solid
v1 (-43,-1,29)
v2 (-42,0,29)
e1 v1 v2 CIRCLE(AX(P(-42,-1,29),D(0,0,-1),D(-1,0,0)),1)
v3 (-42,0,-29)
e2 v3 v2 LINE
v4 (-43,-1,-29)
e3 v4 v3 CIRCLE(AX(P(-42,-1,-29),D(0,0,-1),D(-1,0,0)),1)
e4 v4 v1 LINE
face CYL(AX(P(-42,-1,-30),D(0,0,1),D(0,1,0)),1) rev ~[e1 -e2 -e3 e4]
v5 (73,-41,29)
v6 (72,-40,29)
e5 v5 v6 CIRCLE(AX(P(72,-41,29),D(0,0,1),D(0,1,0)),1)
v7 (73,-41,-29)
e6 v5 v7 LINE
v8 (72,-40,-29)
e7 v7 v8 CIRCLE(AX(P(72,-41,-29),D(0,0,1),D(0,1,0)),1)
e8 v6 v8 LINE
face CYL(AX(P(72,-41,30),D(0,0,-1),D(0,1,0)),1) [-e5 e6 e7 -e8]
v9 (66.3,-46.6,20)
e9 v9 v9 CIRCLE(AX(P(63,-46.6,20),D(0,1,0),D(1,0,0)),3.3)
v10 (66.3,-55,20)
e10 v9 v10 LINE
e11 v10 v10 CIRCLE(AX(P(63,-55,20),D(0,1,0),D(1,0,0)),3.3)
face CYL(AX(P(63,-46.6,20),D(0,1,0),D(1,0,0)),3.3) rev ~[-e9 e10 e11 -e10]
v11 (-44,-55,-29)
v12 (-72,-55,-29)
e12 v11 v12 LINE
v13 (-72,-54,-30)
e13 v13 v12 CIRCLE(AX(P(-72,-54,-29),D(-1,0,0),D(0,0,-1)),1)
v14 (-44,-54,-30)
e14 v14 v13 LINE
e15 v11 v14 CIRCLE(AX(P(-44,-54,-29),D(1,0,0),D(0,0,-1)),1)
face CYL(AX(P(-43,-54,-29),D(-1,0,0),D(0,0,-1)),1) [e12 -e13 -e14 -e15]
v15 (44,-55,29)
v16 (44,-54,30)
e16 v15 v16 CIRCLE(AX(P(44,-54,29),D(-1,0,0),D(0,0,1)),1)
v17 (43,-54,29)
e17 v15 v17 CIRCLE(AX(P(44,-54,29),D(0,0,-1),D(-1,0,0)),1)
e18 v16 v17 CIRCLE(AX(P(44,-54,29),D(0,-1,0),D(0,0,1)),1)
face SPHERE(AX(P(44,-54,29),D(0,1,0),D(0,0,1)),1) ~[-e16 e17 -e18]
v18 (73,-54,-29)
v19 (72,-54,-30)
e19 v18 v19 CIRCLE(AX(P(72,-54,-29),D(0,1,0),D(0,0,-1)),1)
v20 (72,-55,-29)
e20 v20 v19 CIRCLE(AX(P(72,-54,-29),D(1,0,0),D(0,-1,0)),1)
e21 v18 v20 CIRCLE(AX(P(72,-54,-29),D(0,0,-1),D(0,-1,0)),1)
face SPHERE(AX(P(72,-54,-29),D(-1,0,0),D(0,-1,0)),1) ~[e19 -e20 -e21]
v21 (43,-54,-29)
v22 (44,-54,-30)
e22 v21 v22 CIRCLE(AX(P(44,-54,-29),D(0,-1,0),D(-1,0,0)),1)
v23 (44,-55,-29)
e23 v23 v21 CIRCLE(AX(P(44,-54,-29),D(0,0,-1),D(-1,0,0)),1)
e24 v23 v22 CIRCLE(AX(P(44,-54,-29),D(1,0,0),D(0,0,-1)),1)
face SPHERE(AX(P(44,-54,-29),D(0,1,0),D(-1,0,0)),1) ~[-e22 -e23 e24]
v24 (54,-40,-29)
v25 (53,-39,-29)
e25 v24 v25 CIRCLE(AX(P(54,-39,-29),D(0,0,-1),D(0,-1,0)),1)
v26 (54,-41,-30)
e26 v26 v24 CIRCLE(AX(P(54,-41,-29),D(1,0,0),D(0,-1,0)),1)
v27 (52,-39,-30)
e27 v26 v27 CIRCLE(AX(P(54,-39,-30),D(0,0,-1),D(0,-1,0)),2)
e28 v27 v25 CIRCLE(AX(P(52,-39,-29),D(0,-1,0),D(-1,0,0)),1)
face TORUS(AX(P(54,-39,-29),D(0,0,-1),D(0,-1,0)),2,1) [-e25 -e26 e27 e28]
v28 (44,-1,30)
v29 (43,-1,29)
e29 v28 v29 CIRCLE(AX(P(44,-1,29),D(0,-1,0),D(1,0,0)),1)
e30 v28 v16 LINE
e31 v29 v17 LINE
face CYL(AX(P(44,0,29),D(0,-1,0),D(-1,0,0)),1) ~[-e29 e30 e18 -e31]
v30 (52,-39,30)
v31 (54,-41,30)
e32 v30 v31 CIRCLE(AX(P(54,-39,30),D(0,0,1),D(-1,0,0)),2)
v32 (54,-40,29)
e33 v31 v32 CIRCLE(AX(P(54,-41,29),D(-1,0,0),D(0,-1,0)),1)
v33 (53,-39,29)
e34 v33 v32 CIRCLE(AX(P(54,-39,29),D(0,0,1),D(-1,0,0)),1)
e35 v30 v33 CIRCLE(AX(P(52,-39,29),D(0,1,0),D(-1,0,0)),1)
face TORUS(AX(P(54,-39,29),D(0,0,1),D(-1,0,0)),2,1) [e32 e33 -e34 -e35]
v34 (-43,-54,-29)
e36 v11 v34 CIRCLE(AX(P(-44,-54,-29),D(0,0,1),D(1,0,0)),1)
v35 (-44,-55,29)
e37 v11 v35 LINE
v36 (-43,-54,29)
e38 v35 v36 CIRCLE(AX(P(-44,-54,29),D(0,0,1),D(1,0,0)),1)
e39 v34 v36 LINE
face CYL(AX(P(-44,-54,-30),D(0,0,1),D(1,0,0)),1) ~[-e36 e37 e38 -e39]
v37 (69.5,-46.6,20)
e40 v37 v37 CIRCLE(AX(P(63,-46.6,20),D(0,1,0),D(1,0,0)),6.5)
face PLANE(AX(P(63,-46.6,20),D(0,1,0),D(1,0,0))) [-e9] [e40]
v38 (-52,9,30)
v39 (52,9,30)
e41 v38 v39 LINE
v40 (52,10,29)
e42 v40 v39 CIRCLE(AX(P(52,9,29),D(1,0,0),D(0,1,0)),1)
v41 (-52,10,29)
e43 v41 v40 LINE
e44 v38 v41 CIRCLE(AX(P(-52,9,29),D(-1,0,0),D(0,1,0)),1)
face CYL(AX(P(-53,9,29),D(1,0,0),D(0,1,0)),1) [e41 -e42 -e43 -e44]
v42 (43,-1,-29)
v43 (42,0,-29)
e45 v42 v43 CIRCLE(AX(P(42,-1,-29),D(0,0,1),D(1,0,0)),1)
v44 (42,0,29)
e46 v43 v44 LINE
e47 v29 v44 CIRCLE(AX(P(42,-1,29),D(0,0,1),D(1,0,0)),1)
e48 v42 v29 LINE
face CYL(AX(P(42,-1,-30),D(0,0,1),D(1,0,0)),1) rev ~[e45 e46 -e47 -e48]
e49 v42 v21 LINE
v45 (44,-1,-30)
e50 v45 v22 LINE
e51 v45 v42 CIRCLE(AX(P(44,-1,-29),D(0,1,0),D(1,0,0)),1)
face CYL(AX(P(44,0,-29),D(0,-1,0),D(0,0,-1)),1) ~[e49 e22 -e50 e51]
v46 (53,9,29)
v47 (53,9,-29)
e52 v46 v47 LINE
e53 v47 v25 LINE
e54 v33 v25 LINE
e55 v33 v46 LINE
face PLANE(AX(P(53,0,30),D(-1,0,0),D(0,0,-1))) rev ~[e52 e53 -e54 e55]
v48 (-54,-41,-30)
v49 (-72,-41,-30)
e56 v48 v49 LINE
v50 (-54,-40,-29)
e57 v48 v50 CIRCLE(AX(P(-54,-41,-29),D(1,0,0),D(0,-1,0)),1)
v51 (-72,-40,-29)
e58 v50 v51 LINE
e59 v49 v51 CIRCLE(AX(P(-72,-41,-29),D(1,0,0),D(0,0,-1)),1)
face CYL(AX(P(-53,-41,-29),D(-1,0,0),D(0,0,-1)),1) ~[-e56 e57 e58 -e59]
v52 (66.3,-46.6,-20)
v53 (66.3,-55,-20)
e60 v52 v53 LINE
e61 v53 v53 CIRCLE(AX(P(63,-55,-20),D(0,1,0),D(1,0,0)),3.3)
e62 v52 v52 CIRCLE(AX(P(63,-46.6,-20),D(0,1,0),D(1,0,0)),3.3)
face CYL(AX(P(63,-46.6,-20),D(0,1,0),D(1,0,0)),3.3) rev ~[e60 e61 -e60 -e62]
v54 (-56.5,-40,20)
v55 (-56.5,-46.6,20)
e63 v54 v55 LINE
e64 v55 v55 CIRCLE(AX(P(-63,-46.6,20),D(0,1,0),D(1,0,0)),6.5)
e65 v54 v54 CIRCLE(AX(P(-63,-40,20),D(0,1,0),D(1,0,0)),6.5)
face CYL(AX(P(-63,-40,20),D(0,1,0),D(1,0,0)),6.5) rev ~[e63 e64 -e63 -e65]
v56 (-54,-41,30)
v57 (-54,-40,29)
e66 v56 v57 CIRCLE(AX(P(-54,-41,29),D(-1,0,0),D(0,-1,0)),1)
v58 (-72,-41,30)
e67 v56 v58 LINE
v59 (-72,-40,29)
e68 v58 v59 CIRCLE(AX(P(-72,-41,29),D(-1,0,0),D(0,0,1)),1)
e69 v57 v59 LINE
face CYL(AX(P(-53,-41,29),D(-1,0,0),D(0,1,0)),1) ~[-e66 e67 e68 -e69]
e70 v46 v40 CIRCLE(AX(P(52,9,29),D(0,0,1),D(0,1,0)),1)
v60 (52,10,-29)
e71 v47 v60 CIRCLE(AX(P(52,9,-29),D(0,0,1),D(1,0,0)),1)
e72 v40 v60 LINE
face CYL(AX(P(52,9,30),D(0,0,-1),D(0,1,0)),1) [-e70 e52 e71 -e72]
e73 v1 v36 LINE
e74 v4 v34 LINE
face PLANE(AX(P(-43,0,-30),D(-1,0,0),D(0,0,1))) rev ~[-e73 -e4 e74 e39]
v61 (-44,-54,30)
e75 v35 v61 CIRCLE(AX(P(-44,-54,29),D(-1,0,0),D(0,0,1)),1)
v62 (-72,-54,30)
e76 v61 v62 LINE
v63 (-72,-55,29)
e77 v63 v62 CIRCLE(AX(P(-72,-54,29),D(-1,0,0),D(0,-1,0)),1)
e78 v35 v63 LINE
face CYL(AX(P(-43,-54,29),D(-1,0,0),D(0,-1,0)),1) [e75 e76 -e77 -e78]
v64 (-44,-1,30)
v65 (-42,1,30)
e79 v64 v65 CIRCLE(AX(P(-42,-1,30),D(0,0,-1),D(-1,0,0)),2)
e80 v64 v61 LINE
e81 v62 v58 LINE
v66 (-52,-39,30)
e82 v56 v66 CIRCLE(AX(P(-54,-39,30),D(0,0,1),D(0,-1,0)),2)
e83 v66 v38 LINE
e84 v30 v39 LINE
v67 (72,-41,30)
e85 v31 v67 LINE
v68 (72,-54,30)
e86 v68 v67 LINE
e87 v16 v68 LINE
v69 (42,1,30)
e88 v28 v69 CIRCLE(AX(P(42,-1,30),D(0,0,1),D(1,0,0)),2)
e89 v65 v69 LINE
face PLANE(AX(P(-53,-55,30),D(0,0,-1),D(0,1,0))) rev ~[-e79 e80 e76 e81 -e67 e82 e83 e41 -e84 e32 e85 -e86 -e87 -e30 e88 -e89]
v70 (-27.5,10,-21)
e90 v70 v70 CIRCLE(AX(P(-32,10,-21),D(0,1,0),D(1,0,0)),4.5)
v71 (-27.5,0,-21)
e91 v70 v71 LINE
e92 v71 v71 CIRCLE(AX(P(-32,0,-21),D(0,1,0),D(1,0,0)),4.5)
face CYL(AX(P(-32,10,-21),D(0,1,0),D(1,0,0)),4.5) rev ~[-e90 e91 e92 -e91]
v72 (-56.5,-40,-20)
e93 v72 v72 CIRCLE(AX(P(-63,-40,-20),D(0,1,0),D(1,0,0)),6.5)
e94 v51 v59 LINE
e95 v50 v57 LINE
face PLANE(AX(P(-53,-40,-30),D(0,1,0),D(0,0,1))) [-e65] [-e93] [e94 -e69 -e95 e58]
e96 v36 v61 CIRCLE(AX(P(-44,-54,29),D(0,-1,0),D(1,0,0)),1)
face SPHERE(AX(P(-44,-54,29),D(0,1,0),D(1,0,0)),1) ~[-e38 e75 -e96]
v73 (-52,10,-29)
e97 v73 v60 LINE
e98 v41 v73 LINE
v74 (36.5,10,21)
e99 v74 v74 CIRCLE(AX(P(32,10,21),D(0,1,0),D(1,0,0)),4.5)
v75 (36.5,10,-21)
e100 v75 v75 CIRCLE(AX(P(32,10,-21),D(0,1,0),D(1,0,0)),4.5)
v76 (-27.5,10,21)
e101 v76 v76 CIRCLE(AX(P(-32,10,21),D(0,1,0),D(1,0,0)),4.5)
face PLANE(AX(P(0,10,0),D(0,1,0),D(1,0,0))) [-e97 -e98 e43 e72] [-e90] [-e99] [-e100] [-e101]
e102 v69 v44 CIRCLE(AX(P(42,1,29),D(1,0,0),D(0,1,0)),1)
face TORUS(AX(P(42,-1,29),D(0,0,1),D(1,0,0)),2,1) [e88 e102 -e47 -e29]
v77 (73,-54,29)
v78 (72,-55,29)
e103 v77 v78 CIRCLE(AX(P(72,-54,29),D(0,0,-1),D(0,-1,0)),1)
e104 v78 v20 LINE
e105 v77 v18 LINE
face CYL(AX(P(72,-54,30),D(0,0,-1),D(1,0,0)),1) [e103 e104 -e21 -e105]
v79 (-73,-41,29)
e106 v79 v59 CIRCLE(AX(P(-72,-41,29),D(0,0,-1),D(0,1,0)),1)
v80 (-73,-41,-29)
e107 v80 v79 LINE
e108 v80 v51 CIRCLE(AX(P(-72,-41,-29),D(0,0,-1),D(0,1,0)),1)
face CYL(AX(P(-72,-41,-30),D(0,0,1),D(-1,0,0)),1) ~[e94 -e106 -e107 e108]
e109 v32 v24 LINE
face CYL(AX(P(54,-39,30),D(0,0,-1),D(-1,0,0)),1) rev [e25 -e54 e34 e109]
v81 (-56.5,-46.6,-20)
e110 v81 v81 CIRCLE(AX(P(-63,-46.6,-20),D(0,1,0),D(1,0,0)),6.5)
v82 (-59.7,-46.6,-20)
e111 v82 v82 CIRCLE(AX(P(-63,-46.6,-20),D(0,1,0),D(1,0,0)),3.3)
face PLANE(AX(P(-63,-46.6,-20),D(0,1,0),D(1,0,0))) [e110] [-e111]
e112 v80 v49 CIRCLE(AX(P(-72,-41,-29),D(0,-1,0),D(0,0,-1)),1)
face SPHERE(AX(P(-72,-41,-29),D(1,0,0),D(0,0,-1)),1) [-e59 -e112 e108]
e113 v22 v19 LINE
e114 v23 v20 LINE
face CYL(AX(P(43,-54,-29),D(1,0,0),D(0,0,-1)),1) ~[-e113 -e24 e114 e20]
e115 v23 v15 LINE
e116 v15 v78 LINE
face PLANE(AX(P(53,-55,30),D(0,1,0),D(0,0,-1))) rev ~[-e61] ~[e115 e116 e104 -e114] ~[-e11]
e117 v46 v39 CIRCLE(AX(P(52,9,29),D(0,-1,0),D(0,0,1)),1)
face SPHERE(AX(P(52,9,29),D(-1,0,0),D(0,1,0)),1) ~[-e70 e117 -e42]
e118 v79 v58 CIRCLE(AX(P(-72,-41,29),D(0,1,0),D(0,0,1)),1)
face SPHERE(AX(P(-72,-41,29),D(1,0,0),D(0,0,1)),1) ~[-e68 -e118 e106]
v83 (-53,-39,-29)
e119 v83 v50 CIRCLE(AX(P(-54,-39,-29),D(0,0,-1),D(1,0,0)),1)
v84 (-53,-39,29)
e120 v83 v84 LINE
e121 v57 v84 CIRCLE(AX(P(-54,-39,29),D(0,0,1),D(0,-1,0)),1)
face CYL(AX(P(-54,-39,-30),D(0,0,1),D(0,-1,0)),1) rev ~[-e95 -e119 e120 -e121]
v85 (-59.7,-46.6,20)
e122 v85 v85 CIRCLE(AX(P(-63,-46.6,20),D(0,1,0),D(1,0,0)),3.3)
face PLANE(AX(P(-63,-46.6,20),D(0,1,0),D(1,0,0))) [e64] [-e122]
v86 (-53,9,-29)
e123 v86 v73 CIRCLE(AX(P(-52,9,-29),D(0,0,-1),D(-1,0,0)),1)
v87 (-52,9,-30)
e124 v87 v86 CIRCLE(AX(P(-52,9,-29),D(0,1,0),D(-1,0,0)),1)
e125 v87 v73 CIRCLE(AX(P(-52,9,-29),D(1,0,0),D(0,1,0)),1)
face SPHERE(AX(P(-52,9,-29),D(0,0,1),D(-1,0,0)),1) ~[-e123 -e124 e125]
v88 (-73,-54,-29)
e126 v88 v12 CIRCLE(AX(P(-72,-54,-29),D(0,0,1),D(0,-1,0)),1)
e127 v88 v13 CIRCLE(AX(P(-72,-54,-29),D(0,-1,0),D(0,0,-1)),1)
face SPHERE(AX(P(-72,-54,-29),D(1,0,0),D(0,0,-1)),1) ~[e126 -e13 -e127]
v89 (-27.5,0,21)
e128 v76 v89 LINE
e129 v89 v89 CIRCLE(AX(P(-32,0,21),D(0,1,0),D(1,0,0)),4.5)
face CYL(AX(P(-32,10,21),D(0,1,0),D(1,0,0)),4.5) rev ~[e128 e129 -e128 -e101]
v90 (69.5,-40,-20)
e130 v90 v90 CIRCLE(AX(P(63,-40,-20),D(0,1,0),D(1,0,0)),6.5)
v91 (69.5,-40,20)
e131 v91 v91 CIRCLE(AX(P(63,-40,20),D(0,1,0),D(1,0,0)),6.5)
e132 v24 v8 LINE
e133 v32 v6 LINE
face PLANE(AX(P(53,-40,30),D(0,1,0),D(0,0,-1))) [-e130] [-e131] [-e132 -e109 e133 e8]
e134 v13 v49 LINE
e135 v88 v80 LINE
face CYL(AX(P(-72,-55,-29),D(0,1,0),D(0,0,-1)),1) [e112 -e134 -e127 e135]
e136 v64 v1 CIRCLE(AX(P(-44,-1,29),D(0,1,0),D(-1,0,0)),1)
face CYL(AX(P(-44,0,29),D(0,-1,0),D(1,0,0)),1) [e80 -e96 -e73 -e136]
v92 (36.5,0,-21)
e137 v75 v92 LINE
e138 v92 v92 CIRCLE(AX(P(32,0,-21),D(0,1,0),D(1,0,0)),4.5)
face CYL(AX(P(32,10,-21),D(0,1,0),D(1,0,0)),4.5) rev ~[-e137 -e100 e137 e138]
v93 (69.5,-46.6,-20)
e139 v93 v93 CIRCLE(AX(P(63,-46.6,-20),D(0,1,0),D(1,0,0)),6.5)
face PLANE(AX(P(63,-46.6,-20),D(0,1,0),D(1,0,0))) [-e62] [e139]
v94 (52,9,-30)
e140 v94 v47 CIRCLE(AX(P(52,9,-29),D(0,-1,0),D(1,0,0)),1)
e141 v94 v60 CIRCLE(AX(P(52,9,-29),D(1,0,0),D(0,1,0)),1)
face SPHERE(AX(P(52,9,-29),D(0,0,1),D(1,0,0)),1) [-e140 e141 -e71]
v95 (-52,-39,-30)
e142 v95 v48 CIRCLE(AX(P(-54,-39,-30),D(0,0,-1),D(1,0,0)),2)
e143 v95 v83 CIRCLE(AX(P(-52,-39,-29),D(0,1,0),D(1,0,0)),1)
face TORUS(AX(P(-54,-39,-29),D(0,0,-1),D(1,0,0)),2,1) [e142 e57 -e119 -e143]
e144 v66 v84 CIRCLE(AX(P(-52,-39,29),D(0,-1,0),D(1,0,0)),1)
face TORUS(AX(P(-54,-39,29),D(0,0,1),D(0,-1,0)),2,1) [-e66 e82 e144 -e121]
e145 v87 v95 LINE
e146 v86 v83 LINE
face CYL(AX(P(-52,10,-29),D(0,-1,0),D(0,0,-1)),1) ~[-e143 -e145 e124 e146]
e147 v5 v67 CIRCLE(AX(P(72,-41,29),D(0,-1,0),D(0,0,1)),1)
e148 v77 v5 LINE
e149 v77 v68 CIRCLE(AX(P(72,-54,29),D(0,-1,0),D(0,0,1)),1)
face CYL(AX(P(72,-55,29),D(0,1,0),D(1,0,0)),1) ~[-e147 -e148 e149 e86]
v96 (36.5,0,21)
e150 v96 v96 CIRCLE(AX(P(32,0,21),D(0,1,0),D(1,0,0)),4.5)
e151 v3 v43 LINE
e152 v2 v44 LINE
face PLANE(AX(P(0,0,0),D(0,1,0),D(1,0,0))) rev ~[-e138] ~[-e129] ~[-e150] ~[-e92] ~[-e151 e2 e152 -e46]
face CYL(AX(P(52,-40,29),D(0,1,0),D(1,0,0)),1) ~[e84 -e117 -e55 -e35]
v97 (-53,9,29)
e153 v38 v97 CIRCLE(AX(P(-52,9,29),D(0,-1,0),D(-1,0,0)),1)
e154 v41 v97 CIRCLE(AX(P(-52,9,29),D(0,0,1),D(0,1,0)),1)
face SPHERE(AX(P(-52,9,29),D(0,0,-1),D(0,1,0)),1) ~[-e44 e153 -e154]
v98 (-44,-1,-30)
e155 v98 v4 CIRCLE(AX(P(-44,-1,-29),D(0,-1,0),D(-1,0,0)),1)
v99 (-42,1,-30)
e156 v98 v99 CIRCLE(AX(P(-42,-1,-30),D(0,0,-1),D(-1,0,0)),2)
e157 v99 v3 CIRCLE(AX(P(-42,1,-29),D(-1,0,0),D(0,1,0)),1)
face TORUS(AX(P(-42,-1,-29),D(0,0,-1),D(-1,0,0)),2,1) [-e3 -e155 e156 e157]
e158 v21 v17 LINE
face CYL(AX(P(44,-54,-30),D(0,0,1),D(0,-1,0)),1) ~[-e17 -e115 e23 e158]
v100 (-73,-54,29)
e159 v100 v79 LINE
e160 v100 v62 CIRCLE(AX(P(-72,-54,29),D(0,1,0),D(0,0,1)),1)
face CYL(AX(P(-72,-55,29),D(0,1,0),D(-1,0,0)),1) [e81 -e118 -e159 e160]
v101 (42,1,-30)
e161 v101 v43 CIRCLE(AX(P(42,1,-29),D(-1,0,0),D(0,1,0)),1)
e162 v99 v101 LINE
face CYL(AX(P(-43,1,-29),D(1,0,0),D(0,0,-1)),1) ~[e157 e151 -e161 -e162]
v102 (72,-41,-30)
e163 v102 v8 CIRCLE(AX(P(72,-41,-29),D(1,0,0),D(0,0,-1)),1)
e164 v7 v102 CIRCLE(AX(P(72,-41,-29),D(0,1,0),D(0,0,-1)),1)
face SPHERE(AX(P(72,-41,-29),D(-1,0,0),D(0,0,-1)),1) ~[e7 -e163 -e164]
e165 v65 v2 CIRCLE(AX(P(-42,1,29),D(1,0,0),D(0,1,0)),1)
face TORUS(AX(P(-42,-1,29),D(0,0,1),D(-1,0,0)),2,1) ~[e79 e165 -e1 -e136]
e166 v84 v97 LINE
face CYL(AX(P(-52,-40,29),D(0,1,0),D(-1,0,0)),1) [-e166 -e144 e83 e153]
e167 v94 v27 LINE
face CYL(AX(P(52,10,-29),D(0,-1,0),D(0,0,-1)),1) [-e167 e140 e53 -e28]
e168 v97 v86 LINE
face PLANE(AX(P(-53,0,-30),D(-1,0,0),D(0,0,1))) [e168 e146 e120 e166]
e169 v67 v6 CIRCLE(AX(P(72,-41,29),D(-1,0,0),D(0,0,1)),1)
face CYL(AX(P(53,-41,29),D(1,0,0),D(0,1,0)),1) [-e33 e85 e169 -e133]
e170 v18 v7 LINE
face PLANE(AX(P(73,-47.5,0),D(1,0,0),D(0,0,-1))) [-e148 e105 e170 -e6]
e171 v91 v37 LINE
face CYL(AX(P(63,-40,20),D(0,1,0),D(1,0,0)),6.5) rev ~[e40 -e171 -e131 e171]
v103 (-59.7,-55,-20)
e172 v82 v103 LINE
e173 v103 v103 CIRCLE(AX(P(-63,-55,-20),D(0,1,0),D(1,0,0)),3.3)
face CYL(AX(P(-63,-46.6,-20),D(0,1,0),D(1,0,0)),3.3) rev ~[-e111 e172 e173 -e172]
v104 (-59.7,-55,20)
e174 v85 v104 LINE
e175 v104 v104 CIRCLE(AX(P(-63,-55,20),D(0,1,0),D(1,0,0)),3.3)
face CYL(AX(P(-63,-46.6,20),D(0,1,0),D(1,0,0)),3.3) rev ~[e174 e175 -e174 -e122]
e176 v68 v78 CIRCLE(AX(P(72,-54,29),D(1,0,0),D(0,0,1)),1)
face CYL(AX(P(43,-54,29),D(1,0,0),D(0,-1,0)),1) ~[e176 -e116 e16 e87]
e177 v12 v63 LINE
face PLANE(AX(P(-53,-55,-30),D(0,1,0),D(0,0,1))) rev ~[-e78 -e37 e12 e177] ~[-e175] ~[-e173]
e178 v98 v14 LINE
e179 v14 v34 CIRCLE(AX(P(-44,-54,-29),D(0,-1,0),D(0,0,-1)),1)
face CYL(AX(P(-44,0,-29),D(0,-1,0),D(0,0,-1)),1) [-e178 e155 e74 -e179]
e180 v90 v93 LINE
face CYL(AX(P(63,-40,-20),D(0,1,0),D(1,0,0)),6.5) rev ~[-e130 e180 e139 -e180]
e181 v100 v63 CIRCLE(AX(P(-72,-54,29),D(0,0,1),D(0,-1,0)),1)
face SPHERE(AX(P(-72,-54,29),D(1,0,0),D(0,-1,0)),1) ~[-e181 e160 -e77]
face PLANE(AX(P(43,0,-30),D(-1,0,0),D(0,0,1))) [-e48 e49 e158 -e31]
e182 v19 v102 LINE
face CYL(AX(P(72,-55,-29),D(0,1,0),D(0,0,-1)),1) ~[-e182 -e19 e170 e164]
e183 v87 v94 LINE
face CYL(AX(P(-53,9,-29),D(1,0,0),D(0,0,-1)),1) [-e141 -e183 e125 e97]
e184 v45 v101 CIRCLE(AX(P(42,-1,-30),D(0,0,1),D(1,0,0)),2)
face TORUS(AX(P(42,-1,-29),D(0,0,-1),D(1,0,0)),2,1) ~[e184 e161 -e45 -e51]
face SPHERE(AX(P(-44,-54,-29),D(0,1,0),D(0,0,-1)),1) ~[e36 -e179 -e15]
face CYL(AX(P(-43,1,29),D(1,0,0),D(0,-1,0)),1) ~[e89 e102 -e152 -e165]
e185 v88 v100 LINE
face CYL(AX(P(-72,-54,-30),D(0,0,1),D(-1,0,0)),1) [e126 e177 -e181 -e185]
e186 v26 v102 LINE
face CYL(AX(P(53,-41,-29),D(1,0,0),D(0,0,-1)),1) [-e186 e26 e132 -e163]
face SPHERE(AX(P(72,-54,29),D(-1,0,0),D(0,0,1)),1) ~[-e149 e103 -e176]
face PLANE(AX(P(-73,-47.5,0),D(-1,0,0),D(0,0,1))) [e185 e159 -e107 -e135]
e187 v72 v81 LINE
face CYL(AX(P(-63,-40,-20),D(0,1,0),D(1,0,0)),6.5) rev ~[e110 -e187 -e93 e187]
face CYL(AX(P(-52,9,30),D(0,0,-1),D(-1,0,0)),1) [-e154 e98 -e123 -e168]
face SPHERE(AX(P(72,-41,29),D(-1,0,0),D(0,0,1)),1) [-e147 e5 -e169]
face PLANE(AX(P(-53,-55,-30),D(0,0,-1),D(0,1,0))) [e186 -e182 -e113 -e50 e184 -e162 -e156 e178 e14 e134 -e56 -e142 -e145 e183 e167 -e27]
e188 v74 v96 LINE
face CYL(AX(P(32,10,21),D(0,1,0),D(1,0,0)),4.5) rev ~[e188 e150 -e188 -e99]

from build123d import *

# Parameters (mm, degrees)
SKETCH1_W           = 106
SKETCH1_H           = 60
BOSS_EXTRUDE1_DEPTH = 10
SKETCH2_W           = 10
SKETCH2_H           = 60
BOSS_EXTRUDE2_DEPTH = 55
SKETCH3_W           = 60
SKETCH3_H           = 15
BOSS_EXTRUDE3_DEPTH = 20
SKETCH4_W           = 60
SKETCH4_H           = 15
BOSS_EXTRUDE4_DEPTH = 20
SKETCH5_R           = 4.5
CUT_EXTRUDE1_DEPTH  = 66
SKETCH6_R           = 6.5
CUT_EXTRUDE2_DEPTH  = 6.6
SKETCH7_R           = 3.3
CUT_EXTRUDE3_DEPTH  = 9.4
FILLET1_R           = 1


with BuildPart() as part:
    # Sketch1 → Boss-Extrude1 (new body)
    with BuildSketch(Plane(origin=(0, 0, 0), x_dir=(1, 0, 0), z_dir=(0, 1, 0))):
        Rectangle(SKETCH1_W, SKETCH1_H)
    extrude(amount=BOSS_EXTRUDE1_DEPTH)

    # Sketch2 → Boss-Extrude2 (add)
    with BuildSketch(Plane.XZ):
        with Locations((-48, 0)):
            Rectangle(SKETCH2_W, SKETCH2_H)
        with Locations((48, 0)):
            Rectangle(SKETCH2_W, SKETCH2_H)
    extrude(amount=BOSS_EXTRUDE2_DEPTH)

    # Sketch3 → Boss-Extrude3 (add)
    with BuildSketch(Plane(origin=(53, 0, 0), x_dir=(0, 0, -1), z_dir=(1, 0, 0))):
        with Locations((0, -47.5)):
            Rectangle(SKETCH3_W, SKETCH3_H)
    extrude(amount=BOSS_EXTRUDE3_DEPTH)

    # Sketch4 → Boss-Extrude4 (add)
    with BuildSketch(Plane.ZY.offset(53)):
        with Locations((0, -47.5)):
            Rectangle(SKETCH4_W, SKETCH4_H)
    extrude(amount=BOSS_EXTRUDE4_DEPTH)

    # Sketch5 → Cut-Extrude1 (cut, through all)
    with BuildSketch(Plane(origin=(0, 10, 0), x_dir=(1, 0, 0), z_dir=(0, 1, 0))):
        with Locations((-32, 21)):
            Circle(SKETCH5_R)
        with Locations((32, 21)):
            Circle(SKETCH5_R)
        with Locations((32, -21)):
            Circle(SKETCH5_R)
        with Locations((-32, -21)):
            Circle(SKETCH5_R)
    extrude(amount=-CUT_EXTRUDE1_DEPTH, mode=Mode.SUBTRACT)

    # Sketch6 → Cut-Extrude2 (cut)
    with BuildSketch(Plane(origin=(0, -40, 0), x_dir=(1, 0, 0), z_dir=(0, 1, 0))):
        with Locations((63, 20)):
            Circle(SKETCH6_R)
        with Locations((63, -20)):
            Circle(SKETCH6_R)
        with Locations((-63, 20)):
            Circle(SKETCH6_R)
        with Locations((-63, -20)):
            Circle(SKETCH6_R)
    extrude(amount=-CUT_EXTRUDE2_DEPTH, mode=Mode.SUBTRACT)

    # Sketch7 → Cut-Extrude3 (cut, through all)
    with BuildSketch(Plane(origin=(0, -46.6, 0), x_dir=(1, 0, 0), z_dir=(0, 1, 0))):
        with Locations((-63, 20)):
            Circle(SKETCH7_R)
        with Locations((-63, -20)):
            Circle(SKETCH7_R)
        with Locations((63, -20)):
            Circle(SKETCH7_R)
        with Locations((63, 20)):
            Circle(SKETCH7_R)
    extrude(amount=-CUT_EXTRUDE3_DEPTH, mode=Mode.SUBTRACT)

    # Fillet1
    fillet1_edges = [part.edges().sort_by_distance(p)[0] for p in [
        (-53, 10, 0),
        (0, 0, 30),
        (-43, 0, 0),
        (-43, -27.5, -30),
        (-43, -27.5, 30),
        (-58, -55, -30),
        (0, 10, 30),
        (-43, -55, 0),
        (-58, -55, 30),
        (0, 0, -30),
        (43, 0, 0),
        (43, -27.5, 30),
        (43, -27.5, -30),
        (58, -55, 30),
        (43, -55, 0),
        (58, -55, -30),
        (63, -40, 30),
        (53, -40, 0),
        (63, -40, -30),
        (73, -47.5, 30),
        (73, -55, 0),
        (73, -47.5, -30),
        (73, -40, 0),
        (53, 10, 0),
        (-63, -40, -30),
        (-53, -40, 0),
        (-63, -40, 30),
        (-73, -47.5, -30),
        (-73, -55, 0),
        (-73, -47.5, 30),
        (-73, -40, 0),
        (53, -15, 30),
        (-53, -15, 30),
        (-53, -15, -30),
        (53, -15, -30),
        (0, 10, -30),
    ]]
    fillet(fillet1_edges, radius=FILLET1_R)


solid = part.part
